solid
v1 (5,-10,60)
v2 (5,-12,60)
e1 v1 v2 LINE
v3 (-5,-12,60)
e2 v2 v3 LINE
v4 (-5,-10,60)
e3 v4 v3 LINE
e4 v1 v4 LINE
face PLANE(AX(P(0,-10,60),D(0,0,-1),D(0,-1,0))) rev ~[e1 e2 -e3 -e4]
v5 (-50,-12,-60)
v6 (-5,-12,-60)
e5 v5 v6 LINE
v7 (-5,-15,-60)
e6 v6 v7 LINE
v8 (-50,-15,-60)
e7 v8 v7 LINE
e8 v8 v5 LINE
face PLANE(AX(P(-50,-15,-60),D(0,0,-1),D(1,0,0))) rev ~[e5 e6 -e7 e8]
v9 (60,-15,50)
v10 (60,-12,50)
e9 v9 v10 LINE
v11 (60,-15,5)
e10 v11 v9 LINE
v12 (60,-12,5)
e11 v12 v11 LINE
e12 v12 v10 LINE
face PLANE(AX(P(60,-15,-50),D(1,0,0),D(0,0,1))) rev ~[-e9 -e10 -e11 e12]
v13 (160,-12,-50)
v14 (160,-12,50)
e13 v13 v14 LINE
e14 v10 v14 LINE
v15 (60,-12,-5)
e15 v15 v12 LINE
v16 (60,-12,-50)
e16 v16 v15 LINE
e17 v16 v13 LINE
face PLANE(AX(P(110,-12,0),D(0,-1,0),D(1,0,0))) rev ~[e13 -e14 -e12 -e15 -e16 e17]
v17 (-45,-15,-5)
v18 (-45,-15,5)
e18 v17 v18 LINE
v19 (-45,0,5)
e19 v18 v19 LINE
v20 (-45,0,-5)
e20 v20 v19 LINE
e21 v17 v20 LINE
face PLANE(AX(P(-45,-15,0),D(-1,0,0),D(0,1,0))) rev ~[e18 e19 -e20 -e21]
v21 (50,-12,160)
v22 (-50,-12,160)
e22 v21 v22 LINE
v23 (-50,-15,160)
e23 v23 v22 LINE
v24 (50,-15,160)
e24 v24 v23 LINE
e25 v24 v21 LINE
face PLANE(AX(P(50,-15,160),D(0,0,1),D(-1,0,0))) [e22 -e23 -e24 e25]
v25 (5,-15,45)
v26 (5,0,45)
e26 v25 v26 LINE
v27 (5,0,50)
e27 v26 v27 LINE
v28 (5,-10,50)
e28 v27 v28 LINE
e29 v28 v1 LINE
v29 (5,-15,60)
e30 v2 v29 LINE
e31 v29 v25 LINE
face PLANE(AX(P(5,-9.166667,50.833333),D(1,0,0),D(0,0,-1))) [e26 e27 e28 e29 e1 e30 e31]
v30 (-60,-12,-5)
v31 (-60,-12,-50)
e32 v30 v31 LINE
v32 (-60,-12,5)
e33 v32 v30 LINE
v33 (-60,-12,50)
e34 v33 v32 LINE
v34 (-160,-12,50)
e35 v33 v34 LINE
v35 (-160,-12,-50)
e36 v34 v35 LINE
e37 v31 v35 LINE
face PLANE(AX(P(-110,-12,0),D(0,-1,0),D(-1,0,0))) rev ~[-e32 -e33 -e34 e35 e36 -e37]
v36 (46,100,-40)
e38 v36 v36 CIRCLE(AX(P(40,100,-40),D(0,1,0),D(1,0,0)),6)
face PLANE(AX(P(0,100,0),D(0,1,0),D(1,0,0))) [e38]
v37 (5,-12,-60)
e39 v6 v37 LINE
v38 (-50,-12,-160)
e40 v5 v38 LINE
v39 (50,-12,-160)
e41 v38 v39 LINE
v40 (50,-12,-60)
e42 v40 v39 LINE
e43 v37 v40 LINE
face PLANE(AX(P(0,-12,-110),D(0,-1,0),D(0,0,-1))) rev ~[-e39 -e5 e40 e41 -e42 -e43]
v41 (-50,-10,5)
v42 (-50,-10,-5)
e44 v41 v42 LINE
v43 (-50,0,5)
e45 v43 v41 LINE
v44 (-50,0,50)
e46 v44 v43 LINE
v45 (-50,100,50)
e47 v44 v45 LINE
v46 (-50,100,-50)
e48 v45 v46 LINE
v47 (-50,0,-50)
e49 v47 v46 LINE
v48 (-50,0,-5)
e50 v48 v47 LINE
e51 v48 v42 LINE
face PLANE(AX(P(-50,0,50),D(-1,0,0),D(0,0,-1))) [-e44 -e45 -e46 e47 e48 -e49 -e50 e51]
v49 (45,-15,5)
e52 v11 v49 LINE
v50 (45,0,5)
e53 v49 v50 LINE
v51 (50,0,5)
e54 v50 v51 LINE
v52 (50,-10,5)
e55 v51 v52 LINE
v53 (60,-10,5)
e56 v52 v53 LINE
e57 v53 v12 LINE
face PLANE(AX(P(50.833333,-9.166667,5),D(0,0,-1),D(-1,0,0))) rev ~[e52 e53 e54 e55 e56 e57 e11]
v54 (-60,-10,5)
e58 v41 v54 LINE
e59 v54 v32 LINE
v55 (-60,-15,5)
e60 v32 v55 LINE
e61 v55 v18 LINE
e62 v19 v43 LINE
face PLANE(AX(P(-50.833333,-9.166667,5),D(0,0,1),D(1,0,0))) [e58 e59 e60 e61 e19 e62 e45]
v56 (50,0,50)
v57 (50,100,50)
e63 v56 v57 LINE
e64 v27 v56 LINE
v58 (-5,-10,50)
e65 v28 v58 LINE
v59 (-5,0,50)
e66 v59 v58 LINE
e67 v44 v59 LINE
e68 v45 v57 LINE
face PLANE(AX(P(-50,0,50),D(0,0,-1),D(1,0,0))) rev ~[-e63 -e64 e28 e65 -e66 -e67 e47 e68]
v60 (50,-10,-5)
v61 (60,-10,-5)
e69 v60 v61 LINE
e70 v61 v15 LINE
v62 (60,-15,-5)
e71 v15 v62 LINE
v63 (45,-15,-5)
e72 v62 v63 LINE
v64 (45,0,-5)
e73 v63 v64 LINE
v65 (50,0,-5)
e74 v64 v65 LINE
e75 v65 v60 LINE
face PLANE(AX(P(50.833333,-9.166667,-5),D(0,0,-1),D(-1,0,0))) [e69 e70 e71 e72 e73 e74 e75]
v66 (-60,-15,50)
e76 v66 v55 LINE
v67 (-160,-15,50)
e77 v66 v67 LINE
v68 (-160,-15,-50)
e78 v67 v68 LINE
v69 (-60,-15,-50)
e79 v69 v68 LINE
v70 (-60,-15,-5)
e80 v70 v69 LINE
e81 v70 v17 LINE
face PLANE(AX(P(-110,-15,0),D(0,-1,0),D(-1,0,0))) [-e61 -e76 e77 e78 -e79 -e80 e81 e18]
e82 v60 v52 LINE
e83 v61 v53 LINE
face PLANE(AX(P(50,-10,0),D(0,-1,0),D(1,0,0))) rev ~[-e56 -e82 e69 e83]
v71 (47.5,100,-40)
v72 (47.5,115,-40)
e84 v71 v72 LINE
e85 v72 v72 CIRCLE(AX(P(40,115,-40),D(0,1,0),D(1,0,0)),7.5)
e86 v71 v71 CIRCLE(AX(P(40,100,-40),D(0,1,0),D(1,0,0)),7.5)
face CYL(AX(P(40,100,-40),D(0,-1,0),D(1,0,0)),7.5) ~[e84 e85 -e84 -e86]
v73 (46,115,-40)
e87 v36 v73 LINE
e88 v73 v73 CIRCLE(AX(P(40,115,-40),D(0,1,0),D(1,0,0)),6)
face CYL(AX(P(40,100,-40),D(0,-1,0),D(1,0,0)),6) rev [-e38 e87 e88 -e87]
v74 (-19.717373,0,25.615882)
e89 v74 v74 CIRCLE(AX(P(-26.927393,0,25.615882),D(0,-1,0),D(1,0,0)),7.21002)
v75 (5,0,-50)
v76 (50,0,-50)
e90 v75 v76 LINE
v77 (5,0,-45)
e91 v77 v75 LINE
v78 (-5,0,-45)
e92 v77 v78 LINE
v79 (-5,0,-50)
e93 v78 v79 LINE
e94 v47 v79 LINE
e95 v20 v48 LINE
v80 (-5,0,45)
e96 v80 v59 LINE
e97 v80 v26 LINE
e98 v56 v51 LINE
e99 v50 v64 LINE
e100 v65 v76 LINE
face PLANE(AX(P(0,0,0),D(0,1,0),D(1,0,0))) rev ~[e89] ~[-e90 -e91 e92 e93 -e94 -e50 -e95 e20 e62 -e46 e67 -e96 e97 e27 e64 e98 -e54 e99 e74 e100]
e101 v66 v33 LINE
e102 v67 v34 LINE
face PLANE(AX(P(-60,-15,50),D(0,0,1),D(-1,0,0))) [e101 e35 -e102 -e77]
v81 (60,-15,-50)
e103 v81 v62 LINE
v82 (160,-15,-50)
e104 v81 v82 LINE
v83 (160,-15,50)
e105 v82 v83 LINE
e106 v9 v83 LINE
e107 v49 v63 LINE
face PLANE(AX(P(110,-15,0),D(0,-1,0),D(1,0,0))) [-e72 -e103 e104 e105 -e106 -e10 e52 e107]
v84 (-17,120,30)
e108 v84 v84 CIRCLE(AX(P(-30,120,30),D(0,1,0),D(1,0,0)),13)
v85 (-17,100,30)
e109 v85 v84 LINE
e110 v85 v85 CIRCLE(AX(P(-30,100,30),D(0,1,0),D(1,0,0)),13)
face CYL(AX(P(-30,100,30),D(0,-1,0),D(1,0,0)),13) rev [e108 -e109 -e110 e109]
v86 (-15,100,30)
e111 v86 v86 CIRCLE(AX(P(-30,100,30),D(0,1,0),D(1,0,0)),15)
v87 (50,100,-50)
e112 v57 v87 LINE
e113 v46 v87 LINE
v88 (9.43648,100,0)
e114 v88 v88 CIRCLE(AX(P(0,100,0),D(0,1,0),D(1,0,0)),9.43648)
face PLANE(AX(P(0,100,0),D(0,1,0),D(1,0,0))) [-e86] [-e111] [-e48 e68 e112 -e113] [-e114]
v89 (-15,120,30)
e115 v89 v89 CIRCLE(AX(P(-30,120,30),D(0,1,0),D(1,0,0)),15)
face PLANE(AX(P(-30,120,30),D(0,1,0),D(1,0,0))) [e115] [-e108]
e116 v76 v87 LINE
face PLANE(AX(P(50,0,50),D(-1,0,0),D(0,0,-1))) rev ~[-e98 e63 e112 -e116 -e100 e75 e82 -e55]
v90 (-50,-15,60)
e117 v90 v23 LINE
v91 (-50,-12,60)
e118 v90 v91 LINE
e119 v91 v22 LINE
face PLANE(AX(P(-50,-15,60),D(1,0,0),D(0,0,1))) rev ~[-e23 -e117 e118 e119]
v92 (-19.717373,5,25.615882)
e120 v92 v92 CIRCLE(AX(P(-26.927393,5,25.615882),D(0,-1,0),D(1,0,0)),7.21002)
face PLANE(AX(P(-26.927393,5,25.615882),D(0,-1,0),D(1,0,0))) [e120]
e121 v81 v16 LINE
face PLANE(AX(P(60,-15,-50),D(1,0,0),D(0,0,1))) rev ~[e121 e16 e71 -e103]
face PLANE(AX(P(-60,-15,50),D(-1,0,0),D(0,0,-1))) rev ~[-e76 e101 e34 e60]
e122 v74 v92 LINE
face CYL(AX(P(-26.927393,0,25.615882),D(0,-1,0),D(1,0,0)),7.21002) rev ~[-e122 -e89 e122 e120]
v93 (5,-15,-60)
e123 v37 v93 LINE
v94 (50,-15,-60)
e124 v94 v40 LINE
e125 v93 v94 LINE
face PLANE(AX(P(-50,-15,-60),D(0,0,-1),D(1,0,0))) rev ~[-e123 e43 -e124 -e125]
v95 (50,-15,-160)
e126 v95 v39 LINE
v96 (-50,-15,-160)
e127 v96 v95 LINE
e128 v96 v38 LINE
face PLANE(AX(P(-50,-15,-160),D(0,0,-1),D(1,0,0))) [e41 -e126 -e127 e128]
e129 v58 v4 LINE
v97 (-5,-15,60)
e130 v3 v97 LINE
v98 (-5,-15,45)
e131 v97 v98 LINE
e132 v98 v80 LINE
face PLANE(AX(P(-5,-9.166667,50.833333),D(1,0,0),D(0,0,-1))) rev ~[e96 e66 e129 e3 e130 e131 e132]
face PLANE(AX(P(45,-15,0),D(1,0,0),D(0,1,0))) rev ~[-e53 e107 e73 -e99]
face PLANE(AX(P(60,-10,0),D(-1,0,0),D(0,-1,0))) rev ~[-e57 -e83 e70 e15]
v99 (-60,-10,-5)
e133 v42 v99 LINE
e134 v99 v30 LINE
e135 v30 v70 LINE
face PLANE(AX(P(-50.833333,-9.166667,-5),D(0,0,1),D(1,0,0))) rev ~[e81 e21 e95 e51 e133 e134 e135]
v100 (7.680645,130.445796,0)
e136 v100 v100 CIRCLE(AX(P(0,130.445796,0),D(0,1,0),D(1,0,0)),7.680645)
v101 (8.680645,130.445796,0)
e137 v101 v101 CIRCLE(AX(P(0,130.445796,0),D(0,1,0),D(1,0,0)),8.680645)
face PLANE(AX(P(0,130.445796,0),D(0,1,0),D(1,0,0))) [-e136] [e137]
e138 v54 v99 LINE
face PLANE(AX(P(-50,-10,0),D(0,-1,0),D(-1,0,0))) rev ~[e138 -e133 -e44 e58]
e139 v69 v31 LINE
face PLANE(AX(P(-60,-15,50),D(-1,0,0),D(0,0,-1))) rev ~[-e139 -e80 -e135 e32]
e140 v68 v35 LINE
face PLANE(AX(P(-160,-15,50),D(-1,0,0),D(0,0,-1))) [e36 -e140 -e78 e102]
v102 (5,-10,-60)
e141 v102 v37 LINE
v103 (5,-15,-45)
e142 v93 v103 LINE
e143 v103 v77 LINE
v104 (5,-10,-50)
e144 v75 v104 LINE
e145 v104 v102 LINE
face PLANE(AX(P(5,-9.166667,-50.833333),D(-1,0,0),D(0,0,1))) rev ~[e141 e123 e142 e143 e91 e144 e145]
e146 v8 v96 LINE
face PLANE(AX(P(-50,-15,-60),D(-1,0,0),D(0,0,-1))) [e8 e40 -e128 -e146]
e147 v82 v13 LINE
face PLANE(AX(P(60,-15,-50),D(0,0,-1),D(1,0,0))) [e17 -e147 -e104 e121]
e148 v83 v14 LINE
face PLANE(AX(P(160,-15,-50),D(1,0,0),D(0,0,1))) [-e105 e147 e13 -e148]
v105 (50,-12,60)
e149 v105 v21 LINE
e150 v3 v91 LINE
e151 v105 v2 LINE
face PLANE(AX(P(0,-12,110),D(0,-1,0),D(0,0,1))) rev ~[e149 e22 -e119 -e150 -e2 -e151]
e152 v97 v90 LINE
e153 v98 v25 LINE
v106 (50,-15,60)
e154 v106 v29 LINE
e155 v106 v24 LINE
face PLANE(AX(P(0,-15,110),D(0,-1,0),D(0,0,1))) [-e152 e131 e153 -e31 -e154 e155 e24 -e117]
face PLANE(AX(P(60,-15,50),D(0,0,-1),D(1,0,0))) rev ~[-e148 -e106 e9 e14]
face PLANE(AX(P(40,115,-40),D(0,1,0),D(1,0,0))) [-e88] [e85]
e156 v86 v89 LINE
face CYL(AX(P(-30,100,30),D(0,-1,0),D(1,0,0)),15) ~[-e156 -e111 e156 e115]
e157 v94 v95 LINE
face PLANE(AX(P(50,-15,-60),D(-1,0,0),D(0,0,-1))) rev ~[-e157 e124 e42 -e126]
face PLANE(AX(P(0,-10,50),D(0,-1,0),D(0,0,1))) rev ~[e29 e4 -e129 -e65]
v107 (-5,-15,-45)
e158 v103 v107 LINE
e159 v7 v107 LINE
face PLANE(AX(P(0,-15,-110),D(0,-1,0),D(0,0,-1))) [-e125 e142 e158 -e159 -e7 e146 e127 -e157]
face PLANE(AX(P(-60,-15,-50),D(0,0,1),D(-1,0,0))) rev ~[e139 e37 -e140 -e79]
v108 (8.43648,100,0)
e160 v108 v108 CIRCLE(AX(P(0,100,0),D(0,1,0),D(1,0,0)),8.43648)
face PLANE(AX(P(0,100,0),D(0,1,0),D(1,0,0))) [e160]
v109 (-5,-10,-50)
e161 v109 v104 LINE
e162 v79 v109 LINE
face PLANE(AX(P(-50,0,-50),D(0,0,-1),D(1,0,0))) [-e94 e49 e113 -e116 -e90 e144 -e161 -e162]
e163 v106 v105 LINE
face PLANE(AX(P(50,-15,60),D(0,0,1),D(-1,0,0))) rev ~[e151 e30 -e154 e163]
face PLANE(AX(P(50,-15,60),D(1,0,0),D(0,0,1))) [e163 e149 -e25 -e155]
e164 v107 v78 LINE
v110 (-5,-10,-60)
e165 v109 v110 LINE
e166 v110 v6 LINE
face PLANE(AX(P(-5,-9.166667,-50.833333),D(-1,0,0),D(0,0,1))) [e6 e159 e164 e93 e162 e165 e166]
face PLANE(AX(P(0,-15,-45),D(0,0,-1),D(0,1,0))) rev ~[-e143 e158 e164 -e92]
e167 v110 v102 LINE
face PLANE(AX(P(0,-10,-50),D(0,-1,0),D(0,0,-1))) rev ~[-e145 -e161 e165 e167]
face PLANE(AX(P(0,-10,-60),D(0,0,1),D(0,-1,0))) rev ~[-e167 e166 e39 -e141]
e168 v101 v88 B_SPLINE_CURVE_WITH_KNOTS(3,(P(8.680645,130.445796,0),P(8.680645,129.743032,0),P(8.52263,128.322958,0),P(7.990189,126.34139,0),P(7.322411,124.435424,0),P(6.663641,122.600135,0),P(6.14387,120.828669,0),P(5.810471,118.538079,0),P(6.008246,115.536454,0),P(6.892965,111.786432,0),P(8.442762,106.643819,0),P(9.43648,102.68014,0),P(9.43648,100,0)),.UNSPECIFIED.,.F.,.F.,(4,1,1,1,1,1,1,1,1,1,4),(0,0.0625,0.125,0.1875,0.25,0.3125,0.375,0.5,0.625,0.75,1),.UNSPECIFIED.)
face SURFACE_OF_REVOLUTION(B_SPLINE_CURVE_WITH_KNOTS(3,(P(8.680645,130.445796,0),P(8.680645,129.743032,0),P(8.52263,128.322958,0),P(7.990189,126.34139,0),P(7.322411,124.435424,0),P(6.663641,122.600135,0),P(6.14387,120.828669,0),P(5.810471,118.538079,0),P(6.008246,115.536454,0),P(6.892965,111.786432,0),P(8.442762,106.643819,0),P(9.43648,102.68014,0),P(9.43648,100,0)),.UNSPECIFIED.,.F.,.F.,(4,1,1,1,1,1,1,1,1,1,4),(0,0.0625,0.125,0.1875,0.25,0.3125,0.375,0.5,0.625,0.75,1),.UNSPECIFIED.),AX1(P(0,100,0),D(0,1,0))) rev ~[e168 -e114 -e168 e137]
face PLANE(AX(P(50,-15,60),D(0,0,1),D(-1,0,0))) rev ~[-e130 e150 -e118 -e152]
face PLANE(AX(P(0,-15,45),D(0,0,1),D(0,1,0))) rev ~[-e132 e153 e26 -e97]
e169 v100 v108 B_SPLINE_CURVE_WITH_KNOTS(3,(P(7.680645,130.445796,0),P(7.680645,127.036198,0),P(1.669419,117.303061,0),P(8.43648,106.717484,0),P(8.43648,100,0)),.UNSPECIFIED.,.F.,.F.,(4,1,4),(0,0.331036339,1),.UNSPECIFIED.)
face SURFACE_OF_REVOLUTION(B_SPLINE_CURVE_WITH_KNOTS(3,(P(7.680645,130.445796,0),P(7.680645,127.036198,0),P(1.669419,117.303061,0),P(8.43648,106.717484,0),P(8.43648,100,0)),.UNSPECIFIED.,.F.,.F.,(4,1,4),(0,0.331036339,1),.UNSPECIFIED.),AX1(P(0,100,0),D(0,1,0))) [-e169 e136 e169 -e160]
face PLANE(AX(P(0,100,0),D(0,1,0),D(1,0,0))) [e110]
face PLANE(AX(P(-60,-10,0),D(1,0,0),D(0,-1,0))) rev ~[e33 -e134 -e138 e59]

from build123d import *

# Parameters (mm, degrees)
SKETCH_1_W               = 100
SKETCH_1_H               = 100
EXTRUDE_1_DEPTH          = 100
EXTRUDE_2_DEPTH          = 5
SKETCH_4_W               = 100
SKETCH_4_H               = 100
EXTRUDE_3_DEPTH          = 3
PATTERN_CIRCULAR_1_COUNT = 4
SKETCH_7_R               = 15
SKETCH_7_R_2             = 13
EXTRUDE_5_DEPTH          = 20
SKETCH_8_R               = 7.5
SKETCH_8_R_2             = 6
EXTRUDE_6_DEPTH          = 15
SKETCH_11_R              = 7.210019968
CUT_EXTRUDE_2_DEPTH      = 5


with BuildPart() as part:
    # Эскиз1 → Бобышка-Вытянуть1 (new body)
    with BuildSketch(Plane(origin=(0, 0, 0), x_dir=(1, 0, 0), z_dir=(0, 1, 0))):
        Rectangle(SKETCH_1_W, SKETCH_1_H)
    extrude(amount=EXTRUDE_1_DEPTH)

    # Эскиз3 → Бобышка-Вытянуть2 (add, symmetric)
    with BuildSketch(Plane.XY):
        Polygon((60, -10), (60, -15), (45, -15), (45, 0), (50, 0), (50, -10), align=None)
    extrude_2 = extrude(amount=EXTRUDE_2_DEPTH, both=True)

    # Эскиз4 → Бобышка-Вытянуть3 (add)
    with BuildSketch(Plane.XZ.offset(15)):
        with Locations((110, 0)):
            Rectangle(SKETCH_4_W, SKETCH_4_H)
    extrude_3 = extrude(amount=-EXTRUDE_3_DEPTH)

    # Круговой массив1: Бобышка-Вытянуть2, Бобышка-Вытянуть3 ×4 about axis
    pattern_circular_1_axis = Axis((0, 0, 0), (0, 1, 0))
    for i in range(1, PATTERN_CIRCULAR_1_COUNT):
        add(extrude_2.rotate(pattern_circular_1_axis, i * 360 / PATTERN_CIRCULAR_1_COUNT))
        add(extrude_3.rotate(pattern_circular_1_axis, i * 360 / PATTERN_CIRCULAR_1_COUNT))

    # Эскиз7 → Бобышка-Вытянуть5 (add)
    with BuildSketch(Plane(origin=(0, 100, 0), x_dir=(1, 0, 0), z_dir=(0, 1, 0))):
        with Locations((-30, -30)):
            Circle(SKETCH_7_R)
        with Locations((-30, -30)):
            Circle(SKETCH_7_R_2, mode=Mode.SUBTRACT)
    extrude(amount=EXTRUDE_5_DEPTH)

    # Эскиз8 → Бобышка-Вытянуть6 (add)
    with BuildSketch(Plane(origin=(0, 100, 0), x_dir=(1, 0, 0), z_dir=(0, 1, 0))):
        with Locations((40, 40)):
            Circle(SKETCH_8_R)
        with Locations((40, 40)):
            Circle(SKETCH_8_R_2, mode=Mode.SUBTRACT)
    extrude(amount=EXTRUDE_6_DEPTH)

    # Эскиз10 → Повернуть1 (revolve)
    with BuildSketch(Plane.XY):
        with BuildLine():
            Line((8.680645457, 130.445795914), (7.680645457, 130.445795914))
            add(Edge.make_bspline(
                [(7.680645457, 130.445795914), (7.680645457, 127.036197798), (1.669418546, 117.303060729), (8.436480148, 106.717484225), (8.436480148, 100)],
                knots=[0, 0, 0, 0, 0.331036339, 1, 1, 1, 1], degree=3))
            Line((8.436480148, 100), (9.436480148, 100))
            add(Edge.make_bspline(
                [(8.680645457, 130.445795914), (8.680645457, 129.743031745), (8.522630114, 128.322957752), (7.990188694, 126.341389545), (7.322411145, 124.435424215), (6.663640941, 122.600134826), (6.143869676, 120.828668813), (5.810471482, 118.538078927), (6.008246237, 115.536453962), (6.892964845, 111.786431822), (8.442762115, 106.643818661), (9.436480148, 102.680139866), (9.436480148, 100)],
                knots=[0, 0, 0, 0, 0.0625, 0.125, 0.1875, 0.25, 0.3125, 0.375, 0.5, 0.625, 0.75, 1, 1, 1, 1], degree=3))
        make_face()
    revolve(axis=Axis((0, 100, 0), (0, 1, 0)))

    # Эскиз11 → Вырез-Вытянуть2 (cut)
    with BuildSketch(Plane.XZ):
        with Locations((-26.927393067, 25.615882257)):
            Circle(SKETCH_11_R)
    extrude(amount=-CUT_EXTRUDE_2_DEPTH, mode=Mode.SUBTRACT)


solid = part.part
